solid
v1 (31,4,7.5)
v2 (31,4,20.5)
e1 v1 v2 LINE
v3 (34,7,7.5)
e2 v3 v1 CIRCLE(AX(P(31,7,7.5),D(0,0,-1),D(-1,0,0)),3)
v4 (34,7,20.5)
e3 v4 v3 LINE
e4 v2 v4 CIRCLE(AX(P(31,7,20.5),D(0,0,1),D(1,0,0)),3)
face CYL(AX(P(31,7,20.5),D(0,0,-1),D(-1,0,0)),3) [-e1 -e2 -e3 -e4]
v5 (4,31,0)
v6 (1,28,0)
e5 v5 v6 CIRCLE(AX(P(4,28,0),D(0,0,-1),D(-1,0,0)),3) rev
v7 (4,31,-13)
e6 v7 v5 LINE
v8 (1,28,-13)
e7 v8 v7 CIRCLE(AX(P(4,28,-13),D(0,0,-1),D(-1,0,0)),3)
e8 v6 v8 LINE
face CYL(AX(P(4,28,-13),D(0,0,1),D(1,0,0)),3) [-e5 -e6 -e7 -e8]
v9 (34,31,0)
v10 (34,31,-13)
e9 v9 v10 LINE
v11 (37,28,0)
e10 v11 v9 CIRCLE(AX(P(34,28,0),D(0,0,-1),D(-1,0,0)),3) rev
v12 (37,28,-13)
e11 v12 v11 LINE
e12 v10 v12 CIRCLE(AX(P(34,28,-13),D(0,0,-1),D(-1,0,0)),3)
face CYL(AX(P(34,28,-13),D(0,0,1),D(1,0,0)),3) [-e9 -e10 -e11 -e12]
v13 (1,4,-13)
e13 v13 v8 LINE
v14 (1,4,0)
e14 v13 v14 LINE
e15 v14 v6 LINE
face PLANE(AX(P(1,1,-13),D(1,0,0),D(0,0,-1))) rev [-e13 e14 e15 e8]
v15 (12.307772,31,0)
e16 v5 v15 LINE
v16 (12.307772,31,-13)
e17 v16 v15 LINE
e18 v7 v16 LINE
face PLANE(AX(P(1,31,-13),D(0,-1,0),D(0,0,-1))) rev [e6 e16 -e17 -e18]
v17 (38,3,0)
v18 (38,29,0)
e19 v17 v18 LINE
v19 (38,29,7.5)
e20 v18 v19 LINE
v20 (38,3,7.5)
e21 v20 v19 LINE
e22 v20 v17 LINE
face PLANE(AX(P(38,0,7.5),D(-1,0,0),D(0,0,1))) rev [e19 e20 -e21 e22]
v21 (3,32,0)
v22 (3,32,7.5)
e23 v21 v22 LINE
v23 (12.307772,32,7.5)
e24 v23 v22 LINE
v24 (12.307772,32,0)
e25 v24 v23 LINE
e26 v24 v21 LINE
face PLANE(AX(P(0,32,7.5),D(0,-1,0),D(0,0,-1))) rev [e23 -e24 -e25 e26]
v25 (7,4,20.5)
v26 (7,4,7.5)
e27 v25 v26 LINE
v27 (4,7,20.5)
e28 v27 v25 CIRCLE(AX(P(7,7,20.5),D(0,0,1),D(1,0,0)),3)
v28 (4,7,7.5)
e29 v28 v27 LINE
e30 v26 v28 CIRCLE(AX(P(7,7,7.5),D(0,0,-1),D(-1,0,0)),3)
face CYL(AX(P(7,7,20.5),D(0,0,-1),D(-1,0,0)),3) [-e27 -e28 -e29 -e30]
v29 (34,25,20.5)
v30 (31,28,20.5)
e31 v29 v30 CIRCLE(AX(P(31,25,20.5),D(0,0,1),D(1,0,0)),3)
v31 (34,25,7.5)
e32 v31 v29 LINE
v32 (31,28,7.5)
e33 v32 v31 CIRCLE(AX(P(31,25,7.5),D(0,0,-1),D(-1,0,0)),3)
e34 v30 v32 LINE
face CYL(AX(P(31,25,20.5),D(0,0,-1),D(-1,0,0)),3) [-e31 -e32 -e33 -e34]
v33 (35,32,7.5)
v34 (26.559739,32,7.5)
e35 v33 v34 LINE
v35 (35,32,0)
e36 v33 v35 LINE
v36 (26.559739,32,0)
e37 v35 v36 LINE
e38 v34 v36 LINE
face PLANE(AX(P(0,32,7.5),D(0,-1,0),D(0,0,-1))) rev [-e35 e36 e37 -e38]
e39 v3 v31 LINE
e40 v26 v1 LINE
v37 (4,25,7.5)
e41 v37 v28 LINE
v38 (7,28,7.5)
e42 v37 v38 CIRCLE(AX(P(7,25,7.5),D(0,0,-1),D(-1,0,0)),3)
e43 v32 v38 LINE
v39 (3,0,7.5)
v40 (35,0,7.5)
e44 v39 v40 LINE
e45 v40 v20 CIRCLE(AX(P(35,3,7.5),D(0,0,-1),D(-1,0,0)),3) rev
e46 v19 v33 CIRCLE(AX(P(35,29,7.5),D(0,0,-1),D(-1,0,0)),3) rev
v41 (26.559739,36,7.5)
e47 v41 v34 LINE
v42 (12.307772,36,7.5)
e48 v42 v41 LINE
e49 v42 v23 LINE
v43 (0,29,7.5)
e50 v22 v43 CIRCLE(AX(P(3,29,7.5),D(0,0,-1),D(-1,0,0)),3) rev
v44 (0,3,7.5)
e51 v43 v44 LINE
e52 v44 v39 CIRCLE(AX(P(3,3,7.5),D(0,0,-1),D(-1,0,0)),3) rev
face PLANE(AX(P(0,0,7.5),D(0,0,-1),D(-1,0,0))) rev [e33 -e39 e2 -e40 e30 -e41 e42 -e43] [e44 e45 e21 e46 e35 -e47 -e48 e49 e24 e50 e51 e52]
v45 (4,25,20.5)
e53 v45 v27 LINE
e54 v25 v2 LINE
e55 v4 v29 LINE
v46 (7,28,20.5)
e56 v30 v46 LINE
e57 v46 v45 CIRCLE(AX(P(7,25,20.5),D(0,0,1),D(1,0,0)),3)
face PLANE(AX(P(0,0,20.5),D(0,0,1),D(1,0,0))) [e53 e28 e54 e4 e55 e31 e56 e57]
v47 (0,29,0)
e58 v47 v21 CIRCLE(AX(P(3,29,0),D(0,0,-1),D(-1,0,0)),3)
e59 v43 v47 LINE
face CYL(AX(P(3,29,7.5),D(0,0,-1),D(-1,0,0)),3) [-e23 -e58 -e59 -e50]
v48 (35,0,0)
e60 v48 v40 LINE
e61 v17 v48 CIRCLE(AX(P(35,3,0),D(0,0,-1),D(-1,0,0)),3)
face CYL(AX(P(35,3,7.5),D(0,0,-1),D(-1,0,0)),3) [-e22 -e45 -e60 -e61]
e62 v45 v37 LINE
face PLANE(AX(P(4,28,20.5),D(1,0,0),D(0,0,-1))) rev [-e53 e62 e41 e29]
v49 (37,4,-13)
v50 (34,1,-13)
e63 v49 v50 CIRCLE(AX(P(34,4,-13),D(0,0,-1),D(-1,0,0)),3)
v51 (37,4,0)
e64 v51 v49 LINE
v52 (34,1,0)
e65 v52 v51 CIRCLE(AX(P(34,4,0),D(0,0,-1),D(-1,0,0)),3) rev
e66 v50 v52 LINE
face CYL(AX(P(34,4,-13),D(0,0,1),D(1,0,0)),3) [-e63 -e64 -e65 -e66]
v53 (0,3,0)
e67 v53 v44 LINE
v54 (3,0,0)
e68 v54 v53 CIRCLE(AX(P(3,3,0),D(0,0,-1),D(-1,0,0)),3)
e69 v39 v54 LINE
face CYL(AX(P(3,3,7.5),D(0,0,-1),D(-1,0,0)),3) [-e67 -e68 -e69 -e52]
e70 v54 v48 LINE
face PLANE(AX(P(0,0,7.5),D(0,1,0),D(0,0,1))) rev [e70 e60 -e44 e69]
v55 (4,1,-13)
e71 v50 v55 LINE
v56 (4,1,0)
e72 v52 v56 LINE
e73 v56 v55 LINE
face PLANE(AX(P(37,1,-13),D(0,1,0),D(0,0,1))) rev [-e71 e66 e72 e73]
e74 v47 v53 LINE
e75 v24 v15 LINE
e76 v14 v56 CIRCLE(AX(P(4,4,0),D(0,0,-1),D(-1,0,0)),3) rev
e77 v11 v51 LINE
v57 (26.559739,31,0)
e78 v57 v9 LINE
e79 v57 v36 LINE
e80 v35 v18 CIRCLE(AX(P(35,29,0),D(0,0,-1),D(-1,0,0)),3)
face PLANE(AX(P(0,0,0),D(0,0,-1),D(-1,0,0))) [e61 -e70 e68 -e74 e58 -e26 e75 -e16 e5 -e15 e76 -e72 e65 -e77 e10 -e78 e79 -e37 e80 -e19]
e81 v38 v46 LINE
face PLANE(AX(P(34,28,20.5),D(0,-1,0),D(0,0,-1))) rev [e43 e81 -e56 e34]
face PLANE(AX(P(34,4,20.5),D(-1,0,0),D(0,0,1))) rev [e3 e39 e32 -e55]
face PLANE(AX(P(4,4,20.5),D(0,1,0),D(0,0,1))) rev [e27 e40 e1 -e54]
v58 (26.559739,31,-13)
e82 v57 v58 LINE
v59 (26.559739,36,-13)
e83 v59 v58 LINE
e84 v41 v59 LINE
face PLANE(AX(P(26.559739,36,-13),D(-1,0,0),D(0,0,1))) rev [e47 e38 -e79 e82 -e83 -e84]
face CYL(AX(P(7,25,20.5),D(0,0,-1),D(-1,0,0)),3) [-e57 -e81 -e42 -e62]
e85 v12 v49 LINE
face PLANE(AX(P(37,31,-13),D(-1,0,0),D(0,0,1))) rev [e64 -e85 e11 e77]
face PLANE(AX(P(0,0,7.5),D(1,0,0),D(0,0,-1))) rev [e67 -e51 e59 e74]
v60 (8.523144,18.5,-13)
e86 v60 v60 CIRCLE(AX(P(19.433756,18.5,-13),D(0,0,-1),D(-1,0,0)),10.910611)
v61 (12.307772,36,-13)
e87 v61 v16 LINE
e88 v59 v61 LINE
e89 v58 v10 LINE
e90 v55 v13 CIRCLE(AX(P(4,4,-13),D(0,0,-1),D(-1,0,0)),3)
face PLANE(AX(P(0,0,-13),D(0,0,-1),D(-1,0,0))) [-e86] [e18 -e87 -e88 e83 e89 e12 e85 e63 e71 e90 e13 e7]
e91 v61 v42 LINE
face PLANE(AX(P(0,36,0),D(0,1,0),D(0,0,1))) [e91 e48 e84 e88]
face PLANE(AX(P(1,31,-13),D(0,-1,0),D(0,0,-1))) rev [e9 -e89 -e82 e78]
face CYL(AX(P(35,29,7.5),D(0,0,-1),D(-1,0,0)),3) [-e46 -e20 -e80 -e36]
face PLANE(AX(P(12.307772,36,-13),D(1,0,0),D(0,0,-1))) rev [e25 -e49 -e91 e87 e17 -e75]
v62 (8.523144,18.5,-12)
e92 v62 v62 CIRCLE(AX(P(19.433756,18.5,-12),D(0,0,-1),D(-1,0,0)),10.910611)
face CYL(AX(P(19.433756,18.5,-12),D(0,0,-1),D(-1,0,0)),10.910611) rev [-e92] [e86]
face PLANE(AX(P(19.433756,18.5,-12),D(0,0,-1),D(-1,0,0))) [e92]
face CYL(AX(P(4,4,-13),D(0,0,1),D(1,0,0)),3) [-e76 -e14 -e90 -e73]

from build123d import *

# Parameters (mm, degrees)
SKETCH_1_W          = 38
SKETCH_1_H          = 32
EXTRUDE_1_DEPTH     = 7.5
SKETCH_2_W          = 30
SKETCH_2_H          = 24
EXTRUDE_2_DEPTH     = 13
SKETCH_3_W          = 36
SKETCH_3_H          = 30
EXTRUDE_3_DEPTH     = 13
FILLET_1_R          = 3
SKETCH_4_W          = 14.251967781
SKETCH_4_H          = 20.5
EXTRUDE_4_DEPTH     = 5
SKETCH_5_R          = 10.910611056
CUT_EXTRUDE_1_DEPTH = 1


with BuildPart() as part:
    # ｽｹｯﾁ1 → ﾎﾞｽ - 押し出し1 (new body)
    with BuildSketch(Plane.XY):
        with Locations((19, 16)):
            Rectangle(SKETCH_1_W, SKETCH_1_H)
    extrude(amount=EXTRUDE_1_DEPTH)

    # ｽｹｯﾁ2 → ﾎﾞｽ - 押し出し2 (add)
    with BuildSketch(Plane.XY.offset(7.5)):
        with Locations((19, 16)):
            Rectangle(SKETCH_2_W, SKETCH_2_H)
    extrude(amount=EXTRUDE_2_DEPTH)

    # ｽｹｯﾁ3 → ﾎﾞｽ - 押し出し3 (add)
    with BuildSketch(Plane(origin=(0, 0, 0), x_dir=(-1, 0, 0), z_dir=(0, 0, -1))):
        with Locations((-19, 16)):
            Rectangle(SKETCH_3_W, SKETCH_3_H)
    extrude(amount=EXTRUDE_3_DEPTH)

    # ﾌｨﾚｯﾄ1
    fillet_1_edges = [part.edges().sort_by_distance(p)[0] for p in [
        (34, 28, 14),
        (4, 28, 14),
        (4, 4, 14),
        (34, 4, 14),
        (37, 1, -6.5),
        (1, 1, -6.5),
        (1, 31, -6.5),
        (37, 31, -6.5),
        (0, 32, 3.75),
        (38, 32, 3.75),
        (38, 0, 3.75),
        (0, 0, 3.75),
    ]]
    fillet(fillet_1_edges, radius=FILLET_1_R)

    # ｽｹｯﾁ4 → ﾎﾞｽ - 押し出し4 (add)
    with BuildSketch(Plane(origin=(0, 31, 0), x_dir=(1, 0, 0), z_dir=(0, 1, 0))):
        with Locations((19.433755542, 2.75)):
            Rectangle(SKETCH_4_W, SKETCH_4_H)
    extrude(amount=EXTRUDE_4_DEPTH)

    # ｽｹｯﾁ5 → ｶｯﾄ - 押し出し1 (cut)
    with BuildSketch(Plane(origin=(0, 0, -13), x_dir=(-1, 0, 0), z_dir=(0, 0, -1))):
        with Locations((-19.433755541, 18.5)):
            Circle(SKETCH_5_R)
    extrude(amount=-CUT_EXTRUDE_1_DEPTH, mode=Mode.SUBTRACT)


solid = part.part
